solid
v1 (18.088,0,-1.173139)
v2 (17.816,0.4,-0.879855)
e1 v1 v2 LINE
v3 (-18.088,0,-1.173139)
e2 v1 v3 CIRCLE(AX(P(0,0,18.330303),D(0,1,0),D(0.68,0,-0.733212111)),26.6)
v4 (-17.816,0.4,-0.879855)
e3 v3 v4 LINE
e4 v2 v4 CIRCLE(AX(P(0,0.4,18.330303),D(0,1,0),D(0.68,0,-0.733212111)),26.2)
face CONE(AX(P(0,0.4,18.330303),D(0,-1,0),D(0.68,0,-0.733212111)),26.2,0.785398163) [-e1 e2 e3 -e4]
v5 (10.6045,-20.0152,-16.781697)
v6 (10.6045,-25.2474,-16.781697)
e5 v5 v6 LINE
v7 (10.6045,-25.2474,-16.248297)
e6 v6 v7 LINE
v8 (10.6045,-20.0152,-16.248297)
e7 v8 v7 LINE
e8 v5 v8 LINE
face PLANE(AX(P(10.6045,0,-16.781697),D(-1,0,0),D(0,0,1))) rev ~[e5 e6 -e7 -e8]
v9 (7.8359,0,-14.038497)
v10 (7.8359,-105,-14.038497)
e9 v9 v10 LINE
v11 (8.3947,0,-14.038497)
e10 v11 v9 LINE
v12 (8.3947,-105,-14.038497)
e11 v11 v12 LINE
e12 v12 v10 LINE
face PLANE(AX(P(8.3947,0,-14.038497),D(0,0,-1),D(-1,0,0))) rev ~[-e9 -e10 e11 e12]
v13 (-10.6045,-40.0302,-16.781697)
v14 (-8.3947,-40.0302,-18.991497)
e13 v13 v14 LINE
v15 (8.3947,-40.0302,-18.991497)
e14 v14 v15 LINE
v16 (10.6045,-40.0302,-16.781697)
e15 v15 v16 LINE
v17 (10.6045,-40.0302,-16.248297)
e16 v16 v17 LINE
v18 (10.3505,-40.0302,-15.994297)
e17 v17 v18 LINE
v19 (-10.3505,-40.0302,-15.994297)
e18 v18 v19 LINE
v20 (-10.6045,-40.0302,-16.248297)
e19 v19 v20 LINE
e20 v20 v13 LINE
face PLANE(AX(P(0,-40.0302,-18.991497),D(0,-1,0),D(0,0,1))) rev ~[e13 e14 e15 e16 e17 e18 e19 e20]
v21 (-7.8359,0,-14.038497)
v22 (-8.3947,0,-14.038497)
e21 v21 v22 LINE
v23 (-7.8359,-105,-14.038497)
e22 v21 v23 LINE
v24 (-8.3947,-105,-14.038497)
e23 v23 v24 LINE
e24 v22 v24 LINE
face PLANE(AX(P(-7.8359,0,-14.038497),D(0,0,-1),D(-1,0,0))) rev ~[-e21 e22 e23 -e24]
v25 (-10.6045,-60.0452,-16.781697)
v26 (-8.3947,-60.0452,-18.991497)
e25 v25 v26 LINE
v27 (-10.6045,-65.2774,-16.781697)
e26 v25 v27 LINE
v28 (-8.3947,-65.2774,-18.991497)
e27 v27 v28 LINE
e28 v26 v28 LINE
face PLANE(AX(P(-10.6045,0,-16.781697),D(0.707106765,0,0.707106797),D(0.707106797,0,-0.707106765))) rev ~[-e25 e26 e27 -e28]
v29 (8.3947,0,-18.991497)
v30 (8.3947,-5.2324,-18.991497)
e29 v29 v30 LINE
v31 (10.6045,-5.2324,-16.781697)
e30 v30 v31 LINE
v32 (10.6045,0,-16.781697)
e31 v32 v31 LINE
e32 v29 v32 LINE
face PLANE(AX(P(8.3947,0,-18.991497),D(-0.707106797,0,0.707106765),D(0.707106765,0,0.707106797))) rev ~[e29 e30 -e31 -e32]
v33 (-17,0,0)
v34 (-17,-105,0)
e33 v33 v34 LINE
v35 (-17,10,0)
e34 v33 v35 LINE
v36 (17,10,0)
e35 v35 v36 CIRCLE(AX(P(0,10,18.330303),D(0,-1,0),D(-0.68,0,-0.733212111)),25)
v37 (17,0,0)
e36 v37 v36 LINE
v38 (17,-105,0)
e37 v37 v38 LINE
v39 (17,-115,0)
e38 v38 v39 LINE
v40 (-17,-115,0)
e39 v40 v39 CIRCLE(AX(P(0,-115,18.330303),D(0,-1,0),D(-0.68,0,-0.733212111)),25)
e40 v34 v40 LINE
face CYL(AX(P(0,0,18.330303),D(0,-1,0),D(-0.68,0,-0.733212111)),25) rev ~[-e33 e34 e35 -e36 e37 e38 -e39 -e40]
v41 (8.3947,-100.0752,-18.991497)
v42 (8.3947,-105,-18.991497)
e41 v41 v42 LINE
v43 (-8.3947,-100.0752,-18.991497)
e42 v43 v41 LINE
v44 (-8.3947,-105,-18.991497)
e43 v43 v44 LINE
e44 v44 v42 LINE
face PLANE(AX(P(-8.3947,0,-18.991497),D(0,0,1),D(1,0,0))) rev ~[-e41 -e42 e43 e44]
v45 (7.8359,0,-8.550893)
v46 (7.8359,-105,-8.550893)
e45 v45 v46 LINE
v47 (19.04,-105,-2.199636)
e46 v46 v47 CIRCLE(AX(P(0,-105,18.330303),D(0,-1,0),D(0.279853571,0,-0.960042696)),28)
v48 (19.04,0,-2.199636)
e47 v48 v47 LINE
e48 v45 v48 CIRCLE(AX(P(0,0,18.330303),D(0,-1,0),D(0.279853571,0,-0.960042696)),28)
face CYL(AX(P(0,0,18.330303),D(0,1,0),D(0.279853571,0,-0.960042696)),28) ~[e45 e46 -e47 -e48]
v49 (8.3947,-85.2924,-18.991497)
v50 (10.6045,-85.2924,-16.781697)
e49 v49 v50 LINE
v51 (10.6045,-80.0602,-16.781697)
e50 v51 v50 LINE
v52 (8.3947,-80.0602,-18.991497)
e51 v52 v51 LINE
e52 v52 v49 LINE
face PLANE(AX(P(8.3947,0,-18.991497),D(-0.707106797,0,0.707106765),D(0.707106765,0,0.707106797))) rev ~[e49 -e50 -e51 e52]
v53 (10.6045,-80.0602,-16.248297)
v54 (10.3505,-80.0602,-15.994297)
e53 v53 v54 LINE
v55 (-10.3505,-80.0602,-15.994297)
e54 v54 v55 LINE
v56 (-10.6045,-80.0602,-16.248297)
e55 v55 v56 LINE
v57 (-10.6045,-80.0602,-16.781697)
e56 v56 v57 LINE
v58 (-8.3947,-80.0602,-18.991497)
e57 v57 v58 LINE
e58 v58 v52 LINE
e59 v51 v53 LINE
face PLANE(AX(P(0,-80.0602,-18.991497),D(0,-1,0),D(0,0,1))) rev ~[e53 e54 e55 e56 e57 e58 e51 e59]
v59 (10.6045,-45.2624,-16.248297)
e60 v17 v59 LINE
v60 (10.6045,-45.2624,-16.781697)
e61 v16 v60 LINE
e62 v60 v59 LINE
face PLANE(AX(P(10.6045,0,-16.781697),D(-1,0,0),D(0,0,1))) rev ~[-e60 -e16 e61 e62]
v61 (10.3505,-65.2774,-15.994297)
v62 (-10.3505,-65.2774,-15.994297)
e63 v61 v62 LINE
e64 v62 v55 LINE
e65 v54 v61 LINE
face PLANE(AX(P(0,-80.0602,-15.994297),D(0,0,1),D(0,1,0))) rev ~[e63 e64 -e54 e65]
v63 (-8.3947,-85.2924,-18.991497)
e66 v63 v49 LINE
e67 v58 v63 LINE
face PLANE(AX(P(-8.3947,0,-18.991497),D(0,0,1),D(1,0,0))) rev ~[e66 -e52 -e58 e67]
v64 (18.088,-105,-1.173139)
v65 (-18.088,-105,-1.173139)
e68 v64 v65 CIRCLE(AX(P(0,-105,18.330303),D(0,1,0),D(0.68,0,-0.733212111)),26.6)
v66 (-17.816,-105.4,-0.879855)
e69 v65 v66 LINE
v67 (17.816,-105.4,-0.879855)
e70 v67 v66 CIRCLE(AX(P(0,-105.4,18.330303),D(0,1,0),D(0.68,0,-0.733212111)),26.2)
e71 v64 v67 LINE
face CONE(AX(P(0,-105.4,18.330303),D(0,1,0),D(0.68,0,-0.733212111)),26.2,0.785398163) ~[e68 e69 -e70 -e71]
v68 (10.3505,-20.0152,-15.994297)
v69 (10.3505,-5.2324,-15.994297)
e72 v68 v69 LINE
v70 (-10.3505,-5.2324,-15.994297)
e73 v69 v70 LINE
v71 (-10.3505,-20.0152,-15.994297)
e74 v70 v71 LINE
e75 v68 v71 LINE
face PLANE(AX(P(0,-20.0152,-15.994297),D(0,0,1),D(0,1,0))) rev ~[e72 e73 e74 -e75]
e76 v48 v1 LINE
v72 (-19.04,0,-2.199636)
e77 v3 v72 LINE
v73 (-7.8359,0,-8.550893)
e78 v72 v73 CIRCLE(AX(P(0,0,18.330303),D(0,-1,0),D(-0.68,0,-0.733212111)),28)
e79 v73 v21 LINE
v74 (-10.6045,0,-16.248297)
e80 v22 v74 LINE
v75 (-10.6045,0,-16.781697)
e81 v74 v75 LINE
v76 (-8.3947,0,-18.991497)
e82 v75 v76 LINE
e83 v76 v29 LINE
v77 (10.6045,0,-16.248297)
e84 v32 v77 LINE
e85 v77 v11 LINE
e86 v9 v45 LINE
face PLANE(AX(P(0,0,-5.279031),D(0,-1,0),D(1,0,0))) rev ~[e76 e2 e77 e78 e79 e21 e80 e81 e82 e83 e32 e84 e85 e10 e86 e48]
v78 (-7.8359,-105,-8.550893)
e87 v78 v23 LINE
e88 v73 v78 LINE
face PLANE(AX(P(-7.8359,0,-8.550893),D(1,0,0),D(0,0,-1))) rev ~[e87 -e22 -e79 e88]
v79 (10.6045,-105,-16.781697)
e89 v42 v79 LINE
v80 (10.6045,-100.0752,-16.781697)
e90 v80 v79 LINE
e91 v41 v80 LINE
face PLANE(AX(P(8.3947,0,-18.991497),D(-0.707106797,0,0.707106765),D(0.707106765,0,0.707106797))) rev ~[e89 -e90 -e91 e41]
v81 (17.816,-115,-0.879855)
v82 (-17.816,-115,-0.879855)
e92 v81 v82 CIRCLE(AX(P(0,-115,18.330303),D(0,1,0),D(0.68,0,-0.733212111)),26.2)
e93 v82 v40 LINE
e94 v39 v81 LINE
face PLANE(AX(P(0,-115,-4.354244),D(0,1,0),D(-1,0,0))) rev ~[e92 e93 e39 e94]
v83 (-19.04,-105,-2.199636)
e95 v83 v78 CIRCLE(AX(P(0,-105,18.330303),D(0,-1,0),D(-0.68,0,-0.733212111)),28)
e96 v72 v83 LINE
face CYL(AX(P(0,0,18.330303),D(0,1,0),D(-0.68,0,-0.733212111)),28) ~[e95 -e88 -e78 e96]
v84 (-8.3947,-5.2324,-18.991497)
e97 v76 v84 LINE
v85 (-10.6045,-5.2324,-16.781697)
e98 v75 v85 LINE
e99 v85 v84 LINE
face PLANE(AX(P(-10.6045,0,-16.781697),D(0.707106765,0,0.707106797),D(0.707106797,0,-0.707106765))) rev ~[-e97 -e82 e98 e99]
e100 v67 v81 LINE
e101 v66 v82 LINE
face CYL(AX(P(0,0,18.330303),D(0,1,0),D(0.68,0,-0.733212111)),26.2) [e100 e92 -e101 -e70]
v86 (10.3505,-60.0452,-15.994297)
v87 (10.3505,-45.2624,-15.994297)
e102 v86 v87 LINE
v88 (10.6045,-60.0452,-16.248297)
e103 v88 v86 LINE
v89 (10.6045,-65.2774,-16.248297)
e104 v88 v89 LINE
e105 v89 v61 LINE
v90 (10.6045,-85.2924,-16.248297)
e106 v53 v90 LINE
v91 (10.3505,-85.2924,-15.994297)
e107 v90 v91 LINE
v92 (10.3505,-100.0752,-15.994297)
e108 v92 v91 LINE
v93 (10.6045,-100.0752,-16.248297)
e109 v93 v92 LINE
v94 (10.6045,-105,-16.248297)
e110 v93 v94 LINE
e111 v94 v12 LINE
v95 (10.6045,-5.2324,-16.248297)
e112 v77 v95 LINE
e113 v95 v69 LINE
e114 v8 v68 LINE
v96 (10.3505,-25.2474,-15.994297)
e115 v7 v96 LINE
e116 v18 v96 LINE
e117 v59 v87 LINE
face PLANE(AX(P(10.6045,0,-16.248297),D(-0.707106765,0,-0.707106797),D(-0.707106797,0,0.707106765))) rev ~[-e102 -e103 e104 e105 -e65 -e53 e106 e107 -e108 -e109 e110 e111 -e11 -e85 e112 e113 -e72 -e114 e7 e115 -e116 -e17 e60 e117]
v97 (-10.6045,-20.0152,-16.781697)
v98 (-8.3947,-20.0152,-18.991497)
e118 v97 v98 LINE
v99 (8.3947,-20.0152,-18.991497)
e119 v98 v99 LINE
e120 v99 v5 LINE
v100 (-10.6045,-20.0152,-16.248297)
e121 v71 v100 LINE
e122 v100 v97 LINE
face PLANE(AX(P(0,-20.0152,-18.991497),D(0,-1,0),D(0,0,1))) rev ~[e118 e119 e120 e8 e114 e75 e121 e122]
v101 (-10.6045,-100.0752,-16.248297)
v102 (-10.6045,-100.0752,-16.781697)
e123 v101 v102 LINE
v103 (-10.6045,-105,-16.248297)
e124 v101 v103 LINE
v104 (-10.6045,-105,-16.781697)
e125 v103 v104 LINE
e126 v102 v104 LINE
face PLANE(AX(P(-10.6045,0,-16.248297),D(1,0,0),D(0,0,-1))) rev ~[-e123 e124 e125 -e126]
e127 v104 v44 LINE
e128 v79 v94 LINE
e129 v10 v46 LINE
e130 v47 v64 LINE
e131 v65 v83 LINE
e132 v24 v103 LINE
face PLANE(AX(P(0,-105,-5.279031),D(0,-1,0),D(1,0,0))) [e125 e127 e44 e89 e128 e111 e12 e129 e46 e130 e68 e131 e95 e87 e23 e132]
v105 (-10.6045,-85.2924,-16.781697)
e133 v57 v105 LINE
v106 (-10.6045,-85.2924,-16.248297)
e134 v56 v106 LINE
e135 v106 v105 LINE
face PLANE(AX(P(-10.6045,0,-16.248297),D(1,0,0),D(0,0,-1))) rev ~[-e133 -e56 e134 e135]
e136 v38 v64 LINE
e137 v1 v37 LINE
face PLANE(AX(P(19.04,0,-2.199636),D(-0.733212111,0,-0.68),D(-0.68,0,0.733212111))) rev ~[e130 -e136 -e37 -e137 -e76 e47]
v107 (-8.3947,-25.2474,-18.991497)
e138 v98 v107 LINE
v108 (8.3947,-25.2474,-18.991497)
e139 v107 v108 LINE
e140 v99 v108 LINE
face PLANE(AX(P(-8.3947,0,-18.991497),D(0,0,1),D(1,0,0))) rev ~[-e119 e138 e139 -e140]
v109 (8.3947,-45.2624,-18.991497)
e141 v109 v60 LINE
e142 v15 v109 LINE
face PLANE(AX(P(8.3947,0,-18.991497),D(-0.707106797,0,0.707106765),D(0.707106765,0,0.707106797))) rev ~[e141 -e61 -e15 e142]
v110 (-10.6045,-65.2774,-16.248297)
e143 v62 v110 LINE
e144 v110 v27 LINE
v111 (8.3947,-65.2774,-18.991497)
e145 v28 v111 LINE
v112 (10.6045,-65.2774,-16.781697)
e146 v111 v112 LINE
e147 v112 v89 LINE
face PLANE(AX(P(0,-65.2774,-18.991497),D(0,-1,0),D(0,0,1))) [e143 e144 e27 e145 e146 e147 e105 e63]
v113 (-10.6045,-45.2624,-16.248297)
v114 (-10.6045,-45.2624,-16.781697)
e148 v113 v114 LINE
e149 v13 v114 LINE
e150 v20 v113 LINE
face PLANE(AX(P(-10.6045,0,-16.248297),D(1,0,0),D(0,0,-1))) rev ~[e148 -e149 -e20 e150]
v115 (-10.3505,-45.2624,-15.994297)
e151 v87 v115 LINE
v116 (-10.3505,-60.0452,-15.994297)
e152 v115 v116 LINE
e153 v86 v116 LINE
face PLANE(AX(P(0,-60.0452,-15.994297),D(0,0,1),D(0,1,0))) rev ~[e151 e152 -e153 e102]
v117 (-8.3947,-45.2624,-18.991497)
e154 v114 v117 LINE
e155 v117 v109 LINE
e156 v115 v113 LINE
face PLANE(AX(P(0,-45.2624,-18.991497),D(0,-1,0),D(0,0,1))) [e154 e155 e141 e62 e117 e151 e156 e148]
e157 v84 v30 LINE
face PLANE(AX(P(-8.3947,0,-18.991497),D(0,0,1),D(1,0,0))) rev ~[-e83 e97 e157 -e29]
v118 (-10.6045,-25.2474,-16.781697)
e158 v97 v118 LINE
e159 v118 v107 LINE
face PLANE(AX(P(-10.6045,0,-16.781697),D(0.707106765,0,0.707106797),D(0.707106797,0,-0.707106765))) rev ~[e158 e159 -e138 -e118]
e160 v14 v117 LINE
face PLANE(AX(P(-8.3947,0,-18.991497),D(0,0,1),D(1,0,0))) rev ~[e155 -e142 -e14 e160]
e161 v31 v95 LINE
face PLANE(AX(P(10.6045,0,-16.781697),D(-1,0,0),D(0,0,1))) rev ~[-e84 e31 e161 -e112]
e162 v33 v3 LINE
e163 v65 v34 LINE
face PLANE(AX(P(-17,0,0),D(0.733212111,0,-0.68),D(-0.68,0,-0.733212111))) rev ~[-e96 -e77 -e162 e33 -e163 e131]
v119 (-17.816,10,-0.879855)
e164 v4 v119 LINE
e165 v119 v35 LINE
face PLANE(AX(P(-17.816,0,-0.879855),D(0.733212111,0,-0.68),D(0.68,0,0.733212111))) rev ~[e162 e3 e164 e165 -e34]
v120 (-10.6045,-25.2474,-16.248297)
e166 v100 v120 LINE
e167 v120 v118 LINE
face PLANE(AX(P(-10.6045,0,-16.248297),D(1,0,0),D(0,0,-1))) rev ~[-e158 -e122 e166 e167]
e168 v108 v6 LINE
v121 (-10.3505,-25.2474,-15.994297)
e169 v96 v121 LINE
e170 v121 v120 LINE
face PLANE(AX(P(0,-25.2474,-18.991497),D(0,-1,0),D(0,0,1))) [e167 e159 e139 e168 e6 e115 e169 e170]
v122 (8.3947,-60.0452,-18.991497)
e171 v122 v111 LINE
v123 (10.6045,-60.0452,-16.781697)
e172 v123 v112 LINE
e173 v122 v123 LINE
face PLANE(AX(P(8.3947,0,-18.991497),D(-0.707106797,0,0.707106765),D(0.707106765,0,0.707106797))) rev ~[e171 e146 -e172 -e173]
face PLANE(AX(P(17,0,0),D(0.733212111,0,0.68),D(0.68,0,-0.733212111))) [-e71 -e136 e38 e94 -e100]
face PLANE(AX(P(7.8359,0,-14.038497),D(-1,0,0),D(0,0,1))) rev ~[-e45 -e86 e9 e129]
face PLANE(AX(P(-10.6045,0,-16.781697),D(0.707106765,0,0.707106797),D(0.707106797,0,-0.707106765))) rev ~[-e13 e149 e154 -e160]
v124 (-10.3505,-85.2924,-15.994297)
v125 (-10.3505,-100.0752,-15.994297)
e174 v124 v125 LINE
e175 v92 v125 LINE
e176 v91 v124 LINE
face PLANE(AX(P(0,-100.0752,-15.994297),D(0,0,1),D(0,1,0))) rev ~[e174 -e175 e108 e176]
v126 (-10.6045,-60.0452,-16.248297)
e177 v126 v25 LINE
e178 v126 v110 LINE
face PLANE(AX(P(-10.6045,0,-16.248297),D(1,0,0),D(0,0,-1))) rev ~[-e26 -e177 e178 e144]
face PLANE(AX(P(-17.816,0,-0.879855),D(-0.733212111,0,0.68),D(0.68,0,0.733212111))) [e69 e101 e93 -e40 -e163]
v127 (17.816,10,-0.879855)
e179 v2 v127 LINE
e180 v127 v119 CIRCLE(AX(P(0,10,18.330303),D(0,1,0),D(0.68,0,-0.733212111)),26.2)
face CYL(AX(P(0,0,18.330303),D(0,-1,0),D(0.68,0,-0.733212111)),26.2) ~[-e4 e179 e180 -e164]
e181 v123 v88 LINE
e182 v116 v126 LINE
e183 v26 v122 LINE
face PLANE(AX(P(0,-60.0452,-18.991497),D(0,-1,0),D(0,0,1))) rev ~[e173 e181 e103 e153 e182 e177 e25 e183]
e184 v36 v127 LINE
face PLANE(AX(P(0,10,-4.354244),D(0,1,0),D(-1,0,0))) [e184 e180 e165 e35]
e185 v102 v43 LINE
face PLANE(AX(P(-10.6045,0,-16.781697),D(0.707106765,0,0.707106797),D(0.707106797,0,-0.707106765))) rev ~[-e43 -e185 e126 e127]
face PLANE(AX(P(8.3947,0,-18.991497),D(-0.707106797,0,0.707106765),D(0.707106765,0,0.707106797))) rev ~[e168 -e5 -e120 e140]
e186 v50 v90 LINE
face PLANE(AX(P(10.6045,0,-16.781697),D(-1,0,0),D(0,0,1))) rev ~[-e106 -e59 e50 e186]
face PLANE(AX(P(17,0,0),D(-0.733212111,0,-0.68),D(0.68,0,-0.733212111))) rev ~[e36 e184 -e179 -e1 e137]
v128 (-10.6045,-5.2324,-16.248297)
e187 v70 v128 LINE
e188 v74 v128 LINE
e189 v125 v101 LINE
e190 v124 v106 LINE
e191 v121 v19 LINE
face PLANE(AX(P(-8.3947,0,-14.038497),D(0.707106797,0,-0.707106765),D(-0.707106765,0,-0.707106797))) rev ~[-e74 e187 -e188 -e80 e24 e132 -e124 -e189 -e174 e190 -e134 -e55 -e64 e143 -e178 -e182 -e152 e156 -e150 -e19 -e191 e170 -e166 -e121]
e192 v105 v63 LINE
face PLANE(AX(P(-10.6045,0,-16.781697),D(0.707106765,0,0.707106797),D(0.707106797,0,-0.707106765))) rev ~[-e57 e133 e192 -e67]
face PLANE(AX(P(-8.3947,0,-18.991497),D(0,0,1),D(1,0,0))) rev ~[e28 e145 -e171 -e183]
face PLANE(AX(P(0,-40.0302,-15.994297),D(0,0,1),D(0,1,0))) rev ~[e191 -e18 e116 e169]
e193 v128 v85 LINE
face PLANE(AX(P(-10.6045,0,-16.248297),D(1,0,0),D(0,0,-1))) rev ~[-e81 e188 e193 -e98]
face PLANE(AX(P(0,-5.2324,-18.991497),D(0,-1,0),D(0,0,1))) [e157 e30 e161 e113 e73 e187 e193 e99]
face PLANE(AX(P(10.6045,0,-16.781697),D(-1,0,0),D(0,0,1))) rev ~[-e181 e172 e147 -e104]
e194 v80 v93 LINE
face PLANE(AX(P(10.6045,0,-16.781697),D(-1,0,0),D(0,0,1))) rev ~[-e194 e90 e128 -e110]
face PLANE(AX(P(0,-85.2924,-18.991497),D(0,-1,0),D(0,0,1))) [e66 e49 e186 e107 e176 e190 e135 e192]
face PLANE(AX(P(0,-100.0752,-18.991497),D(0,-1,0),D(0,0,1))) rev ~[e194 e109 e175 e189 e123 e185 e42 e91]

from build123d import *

# Parameters (mm, degrees)
F1_DEPTH      = 105
F3_DEPTH      = 10
F3_DEPTH_BACK = 115
F4_W          = 14.7828
F4_H          = 2.9972
F5_DEPTH      = 12.5
F6_SIZE       = 0.4


with BuildPart() as f1:
    # F0 (on Front) → F1 (new body)
    with BuildSketch(Plane.XZ):
        with BuildLine():
            ThreePointArc((17, 0), (0, -6.6696972202), (-17, 0))
            Line((-17, 0), (-19.04, -2.1996363336))
            ThreePointArc((-19.04, -2.1996363336), (-13.8080814962, -6.0282046743), (-7.8359, -8.5508927142))
            ThreePointArc((-7.8359, -8.5508927142), (0, -9.6696972202), (7.8359, -8.5508927142))
            ThreePointArc((7.8359, -8.5508927142), (13.8080814962, -6.0282046743), (19.04, -2.1996363336))
            Line((19.04, -2.1996363336), (17, 0))
        make_face()
        with BuildLine():
            ThreePointArc((7.8359, -8.5508927142), (0, -9.6696972202), (-7.8359, -8.5508927142))
            Line((-7.8359, -8.5508927142), (-7.8359, -14.0384971209))
            Line((-7.8359, -14.0384971209), (7.8359, -14.0384971209))
            Line((7.8359, -14.0384971209), (7.8359, -8.5508927142))
        make_face()
        Polygon((7.8359, -14.0384971209), (-7.8359, -14.0384971209), (-8.3947000496, -14.0384971209), (-10.6045000496, -16.2482972202), (-10.6045000496, -16.7816972202), (-8.3946999504, -18.9914972202), (8.3946999504, -18.9914972202), (10.6044999504, -16.7816971209), (10.6044999504, -16.2482971209), (8.3946998511, -14.0384971209), align=None)
    extrude(amount=F1_DEPTH)

    # F2 (on face) → F3 (join, two sides)
    with BuildSketch(Plane(origin=(0, 0, 0), x_dir=(-1, 0, 0), z_dir=(0, 1, 0))) as f3_sk:
        with BuildLine():
            Line((17.816, -0.8798545334), (17, 0))
            ThreePointArc((17, 0), (0, -6.6696972202), (-17, 0))
            Line((-17, 0), (-17.816, -0.8798545334))
            ThreePointArc((-17.816, -0.8798545334), (0, -7.8696972202), (17.816, -0.8798545334))
        make_face()
    extrude(amount=F3_DEPTH)
    extrude(f3_sk.sketch, amount=-F3_DEPTH_BACK)

    # F4 (on Right) → F5 (cut, symmetric)
    with BuildSketch(Plane.YZ):
        with Locations((-12.6238, -17.4928972202)):
            Rectangle(F4_W, F4_H)
        with Locations((-32.6388, -17.4928972202)):
            Rectangle(F4_W, F4_H)
        with Locations((-52.6538, -17.4928972202)):
            Rectangle(F4_W, F4_H)
        with Locations((-72.6688, -17.4928972202)):
            Rectangle(F4_W, F4_H)
        with Locations((-92.6838, -17.4928972202)):
            Rectangle(F4_W, F4_H)
        with Locations((-112.6988, -17.4928972202)):
            Rectangle(F4_W, F4_H)
    extrude(amount=F5_DEPTH, both=True, mode=Mode.SUBTRACT)

    # F6
    f6_edges = [f1.edges().sort_by_distance(p)[0] for p in [
        (0, 0, -7.869697),
        (0, -105, -7.869697),
    ]]
    chamfer(f6_edges, length=F6_SIZE)


solid = f1.part
